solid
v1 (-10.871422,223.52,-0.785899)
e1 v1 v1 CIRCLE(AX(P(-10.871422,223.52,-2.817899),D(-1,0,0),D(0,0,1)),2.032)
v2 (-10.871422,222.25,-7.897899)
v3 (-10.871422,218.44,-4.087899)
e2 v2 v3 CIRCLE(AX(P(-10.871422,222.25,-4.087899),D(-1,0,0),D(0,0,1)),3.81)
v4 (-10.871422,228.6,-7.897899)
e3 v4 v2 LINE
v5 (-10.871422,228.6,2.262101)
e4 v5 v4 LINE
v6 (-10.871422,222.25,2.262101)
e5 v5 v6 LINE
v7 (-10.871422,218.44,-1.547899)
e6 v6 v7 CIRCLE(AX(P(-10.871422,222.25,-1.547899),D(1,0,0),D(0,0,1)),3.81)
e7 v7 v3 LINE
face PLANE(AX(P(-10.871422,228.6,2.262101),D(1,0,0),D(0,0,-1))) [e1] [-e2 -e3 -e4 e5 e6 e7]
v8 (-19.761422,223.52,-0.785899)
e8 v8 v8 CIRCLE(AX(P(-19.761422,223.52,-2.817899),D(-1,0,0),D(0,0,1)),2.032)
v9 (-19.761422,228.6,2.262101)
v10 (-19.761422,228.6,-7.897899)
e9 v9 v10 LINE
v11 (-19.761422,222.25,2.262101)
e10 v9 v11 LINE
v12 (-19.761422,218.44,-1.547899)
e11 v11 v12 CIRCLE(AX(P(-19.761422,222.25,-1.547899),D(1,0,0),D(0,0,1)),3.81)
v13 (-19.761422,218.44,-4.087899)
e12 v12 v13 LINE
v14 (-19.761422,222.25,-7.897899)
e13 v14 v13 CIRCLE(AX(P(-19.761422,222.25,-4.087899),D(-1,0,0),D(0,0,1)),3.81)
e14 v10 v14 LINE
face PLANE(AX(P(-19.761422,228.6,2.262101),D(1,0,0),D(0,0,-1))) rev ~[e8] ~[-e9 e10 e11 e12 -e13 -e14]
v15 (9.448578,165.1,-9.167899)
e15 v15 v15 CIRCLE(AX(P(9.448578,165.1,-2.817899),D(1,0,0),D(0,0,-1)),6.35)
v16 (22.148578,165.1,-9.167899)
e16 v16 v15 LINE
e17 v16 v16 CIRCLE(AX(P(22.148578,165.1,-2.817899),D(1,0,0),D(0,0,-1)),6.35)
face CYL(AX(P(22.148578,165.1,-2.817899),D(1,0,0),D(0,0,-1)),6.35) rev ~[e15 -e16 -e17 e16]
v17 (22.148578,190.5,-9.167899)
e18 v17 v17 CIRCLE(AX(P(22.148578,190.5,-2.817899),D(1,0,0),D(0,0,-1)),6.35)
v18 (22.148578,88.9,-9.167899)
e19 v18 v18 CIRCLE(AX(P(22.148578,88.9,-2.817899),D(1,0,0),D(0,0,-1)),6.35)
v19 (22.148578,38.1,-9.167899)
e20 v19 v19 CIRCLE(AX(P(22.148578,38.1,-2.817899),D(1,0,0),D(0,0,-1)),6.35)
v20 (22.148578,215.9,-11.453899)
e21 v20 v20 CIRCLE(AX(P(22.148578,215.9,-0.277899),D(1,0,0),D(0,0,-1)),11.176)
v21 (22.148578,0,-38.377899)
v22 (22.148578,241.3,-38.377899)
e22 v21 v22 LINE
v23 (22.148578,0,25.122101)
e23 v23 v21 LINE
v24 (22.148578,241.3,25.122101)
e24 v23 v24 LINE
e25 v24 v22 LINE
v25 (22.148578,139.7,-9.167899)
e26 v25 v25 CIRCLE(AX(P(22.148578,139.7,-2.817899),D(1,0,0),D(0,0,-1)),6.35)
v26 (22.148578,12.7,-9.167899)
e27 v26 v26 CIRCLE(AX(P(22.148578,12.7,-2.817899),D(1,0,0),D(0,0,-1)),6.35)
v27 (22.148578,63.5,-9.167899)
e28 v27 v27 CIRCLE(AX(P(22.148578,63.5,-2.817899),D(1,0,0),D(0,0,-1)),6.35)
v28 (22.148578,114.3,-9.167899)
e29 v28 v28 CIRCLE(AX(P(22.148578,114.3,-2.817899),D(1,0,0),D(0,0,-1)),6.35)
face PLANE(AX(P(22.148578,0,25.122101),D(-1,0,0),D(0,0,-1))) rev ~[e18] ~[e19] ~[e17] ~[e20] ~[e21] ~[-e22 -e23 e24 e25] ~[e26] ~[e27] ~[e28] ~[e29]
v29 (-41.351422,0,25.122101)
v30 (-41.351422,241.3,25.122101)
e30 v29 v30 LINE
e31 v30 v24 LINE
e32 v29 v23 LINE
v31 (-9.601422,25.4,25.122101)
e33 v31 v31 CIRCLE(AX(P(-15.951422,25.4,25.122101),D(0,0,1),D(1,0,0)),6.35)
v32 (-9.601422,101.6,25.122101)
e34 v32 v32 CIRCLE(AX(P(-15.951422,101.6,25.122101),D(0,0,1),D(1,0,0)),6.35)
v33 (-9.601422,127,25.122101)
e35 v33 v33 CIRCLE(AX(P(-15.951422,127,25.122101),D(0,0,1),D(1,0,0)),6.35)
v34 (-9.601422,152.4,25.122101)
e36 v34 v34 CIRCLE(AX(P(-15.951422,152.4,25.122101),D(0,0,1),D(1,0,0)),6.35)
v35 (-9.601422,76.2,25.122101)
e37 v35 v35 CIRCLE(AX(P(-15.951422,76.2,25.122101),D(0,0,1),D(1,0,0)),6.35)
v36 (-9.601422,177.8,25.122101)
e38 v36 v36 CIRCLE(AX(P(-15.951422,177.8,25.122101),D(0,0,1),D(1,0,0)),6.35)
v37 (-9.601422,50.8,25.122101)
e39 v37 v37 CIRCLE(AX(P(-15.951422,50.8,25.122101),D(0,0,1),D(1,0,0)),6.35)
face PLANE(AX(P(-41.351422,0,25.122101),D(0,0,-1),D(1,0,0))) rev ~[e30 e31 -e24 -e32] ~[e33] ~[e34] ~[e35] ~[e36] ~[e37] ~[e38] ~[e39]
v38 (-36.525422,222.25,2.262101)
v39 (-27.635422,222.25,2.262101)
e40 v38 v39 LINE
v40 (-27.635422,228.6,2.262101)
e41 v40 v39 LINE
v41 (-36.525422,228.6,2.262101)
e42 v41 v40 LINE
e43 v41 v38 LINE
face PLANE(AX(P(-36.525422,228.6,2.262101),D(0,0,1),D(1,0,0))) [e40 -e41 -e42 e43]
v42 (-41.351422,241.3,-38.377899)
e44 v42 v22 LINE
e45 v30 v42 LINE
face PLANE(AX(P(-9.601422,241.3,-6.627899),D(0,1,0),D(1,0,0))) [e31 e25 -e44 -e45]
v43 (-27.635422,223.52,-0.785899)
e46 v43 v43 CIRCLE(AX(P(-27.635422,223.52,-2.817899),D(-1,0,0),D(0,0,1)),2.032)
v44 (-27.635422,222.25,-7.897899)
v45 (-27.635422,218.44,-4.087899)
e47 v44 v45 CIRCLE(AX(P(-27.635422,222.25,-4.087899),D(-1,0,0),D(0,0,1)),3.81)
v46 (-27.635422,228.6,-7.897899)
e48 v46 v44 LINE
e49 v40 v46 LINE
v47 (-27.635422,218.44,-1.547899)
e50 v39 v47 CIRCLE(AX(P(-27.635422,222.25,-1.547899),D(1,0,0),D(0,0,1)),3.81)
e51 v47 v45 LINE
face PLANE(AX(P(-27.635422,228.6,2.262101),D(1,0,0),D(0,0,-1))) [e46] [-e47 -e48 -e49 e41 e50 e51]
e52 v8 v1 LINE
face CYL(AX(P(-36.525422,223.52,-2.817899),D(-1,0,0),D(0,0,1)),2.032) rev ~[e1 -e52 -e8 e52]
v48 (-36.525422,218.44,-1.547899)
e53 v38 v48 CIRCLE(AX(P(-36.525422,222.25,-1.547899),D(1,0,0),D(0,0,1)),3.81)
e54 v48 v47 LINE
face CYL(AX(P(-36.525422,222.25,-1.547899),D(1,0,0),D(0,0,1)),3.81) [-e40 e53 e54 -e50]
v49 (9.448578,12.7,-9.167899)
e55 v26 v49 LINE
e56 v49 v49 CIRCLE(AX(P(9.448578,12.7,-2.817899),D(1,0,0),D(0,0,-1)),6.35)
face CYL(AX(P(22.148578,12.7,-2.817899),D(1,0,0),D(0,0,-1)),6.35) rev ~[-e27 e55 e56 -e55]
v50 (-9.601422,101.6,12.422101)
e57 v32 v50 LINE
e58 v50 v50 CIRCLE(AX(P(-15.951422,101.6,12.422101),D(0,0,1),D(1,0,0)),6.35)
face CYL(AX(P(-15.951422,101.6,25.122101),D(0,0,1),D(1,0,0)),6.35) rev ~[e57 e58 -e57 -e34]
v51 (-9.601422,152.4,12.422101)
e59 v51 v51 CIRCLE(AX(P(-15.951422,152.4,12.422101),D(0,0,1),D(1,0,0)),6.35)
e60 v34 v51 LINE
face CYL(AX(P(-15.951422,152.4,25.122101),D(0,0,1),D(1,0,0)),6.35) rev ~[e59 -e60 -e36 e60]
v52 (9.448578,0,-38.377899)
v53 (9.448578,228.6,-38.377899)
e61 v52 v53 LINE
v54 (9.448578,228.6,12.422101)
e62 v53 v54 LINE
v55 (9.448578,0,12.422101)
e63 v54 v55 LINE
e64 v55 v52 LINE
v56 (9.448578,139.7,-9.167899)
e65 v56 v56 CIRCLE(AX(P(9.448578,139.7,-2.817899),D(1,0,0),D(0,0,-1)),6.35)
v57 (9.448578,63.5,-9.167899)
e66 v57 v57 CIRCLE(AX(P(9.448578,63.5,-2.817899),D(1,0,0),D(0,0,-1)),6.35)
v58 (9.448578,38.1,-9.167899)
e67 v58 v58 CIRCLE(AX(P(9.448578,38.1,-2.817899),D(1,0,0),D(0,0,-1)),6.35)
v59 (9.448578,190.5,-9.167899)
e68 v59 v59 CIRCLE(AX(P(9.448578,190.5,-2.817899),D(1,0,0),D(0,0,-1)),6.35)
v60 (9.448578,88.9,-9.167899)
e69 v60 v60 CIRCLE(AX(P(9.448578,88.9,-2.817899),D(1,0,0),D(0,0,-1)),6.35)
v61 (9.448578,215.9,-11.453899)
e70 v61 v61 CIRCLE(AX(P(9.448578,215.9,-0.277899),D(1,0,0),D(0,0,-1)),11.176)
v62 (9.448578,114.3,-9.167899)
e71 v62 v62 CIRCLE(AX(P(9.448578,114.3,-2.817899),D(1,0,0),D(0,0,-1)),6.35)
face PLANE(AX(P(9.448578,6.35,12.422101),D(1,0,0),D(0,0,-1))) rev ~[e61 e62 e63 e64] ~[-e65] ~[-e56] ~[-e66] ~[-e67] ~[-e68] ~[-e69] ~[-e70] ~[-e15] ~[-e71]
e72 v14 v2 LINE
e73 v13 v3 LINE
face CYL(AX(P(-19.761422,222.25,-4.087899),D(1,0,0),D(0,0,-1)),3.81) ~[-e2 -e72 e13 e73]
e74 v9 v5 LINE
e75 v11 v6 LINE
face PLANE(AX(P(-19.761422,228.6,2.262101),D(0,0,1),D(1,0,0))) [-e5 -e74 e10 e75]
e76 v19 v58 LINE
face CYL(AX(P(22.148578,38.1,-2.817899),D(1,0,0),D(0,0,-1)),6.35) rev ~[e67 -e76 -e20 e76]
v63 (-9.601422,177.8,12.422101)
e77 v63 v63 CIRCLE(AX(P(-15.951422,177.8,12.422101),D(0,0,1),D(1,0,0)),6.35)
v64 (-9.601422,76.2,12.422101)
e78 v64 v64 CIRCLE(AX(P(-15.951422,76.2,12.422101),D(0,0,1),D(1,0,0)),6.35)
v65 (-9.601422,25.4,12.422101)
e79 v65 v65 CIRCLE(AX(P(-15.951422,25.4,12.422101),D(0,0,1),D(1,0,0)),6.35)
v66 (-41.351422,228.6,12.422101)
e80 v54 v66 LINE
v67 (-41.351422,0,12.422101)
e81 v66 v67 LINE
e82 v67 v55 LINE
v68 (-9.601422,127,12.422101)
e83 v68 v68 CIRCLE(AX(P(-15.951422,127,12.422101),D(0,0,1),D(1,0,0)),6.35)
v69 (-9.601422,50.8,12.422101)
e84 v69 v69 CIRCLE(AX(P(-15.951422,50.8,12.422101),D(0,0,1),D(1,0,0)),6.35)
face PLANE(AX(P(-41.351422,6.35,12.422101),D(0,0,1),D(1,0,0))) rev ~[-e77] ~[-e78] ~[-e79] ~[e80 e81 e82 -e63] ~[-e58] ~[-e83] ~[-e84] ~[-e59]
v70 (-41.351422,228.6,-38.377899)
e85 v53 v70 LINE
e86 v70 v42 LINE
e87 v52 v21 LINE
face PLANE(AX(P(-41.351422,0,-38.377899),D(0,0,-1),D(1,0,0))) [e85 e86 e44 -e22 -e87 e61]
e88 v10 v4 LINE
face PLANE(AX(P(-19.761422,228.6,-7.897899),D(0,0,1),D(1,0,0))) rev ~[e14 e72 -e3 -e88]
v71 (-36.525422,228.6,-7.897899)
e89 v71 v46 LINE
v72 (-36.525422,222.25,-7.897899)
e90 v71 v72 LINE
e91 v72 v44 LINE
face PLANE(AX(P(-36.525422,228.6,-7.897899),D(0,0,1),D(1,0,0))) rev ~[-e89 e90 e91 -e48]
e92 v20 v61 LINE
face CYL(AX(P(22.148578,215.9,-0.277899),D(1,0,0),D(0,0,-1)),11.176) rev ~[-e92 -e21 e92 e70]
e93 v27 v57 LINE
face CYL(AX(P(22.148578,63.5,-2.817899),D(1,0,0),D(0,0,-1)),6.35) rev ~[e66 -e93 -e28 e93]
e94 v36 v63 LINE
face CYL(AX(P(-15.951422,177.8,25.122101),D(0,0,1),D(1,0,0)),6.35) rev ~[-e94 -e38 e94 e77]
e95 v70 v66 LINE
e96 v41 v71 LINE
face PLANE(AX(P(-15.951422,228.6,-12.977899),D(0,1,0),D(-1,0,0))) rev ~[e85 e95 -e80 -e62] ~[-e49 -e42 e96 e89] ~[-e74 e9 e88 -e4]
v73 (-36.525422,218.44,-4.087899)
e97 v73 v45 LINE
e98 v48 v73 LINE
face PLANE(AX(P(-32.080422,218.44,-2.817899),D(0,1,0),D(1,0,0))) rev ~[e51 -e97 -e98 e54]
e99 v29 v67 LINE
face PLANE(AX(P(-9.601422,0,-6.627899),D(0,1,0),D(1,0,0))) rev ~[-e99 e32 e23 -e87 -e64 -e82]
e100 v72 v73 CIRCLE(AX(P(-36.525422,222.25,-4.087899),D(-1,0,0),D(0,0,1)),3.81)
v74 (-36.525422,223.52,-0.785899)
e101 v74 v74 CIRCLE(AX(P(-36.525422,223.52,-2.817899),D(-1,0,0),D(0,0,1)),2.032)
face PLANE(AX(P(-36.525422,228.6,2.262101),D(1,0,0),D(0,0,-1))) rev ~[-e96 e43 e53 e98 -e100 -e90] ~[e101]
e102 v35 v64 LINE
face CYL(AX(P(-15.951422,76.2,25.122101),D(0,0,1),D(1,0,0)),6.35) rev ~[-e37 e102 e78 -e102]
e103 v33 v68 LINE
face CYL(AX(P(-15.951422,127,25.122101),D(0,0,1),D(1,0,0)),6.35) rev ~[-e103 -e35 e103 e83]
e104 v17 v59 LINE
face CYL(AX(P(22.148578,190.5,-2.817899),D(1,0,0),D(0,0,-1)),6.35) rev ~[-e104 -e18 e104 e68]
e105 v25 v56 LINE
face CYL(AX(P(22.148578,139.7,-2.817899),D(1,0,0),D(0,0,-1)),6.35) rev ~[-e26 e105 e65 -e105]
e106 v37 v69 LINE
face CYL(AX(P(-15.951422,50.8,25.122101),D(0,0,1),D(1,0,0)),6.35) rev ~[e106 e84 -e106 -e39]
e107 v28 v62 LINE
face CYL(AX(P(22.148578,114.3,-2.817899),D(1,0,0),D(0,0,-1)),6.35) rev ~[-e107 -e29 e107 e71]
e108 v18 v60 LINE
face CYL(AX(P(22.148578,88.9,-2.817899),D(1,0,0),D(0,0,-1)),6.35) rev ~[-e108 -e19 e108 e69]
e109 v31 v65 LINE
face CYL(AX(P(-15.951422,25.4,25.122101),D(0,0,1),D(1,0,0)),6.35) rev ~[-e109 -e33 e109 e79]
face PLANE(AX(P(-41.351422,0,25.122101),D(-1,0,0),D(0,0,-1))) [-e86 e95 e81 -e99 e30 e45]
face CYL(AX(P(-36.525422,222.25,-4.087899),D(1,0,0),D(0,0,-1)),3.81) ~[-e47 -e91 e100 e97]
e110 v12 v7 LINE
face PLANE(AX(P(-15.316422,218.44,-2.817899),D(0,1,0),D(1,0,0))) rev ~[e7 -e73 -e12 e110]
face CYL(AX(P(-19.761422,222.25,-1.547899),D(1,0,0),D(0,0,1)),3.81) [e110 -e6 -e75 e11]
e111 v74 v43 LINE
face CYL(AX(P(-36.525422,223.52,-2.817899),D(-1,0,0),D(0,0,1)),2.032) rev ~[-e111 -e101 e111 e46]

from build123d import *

# Parameters (mm, degrees)
SKETCH2_W           = 63.5
SKETCH2_H           = 63.5
BOSS_EXTRUDE1_DEPTH = 241.3
SKETCH4_W           = 50.8
SKETCH4_H           = 50.8
CUT_EXTRUDE1_DEPTH  = 95.25
SKETCH5_R           = 6.35
CUT_EXTRUDE2_DEPTH  = 64.5
SKETCH6_R           = 6.35
CUT_EXTRUDE3_DEPTH  = 12.7
CUT_EXTRUDE4_DEPTH  = 7.35
CUT_EXTRUDE6_START  = -31.75
CUT_EXTRUDE6_DEPTH  = 31.75
SKETCH37_W          = 8.89
SKETCH37_H          = 10.16
BOSS_EXTRUDE3_DEPTH = 10.16
SKETCH38_R          = 2.032
CUT_EXTRUDE8_DEPTH  = 58.674
FILLET4_R           = 3.81
SKETCH40_R          = 11.176
CUT_EXTRUDE10_DEPTH = 12.7


with BuildPart() as part:
    # Sketch2 → Boss-Extrude1 (new body)
    with BuildSketch(Plane(origin=(0, 0, 0), x_dir=(1, 0, 0), z_dir=(0, 1, 0))):
        with Locations((-9.601422319, 6.627899344)):
            Rectangle(SKETCH2_W, SKETCH2_H)
    extrude(amount=BOSS_EXTRUDE1_DEPTH)

    # Sketch4 → Cut-Extrude1 (cut, symmetric)
    with BuildSketch(Plane(origin=(0, 101.6, 0), x_dir=(1, 0, 0), z_dir=(0, 1, 0))):
        with Locations((-15.951422319, 12.977899344)):
            Rectangle(SKETCH4_W, SKETCH4_H)
    extrude(amount=CUT_EXTRUDE1_DEPTH, both=True, mode=Mode.SUBTRACT)

    # Sketch5 → Cut-Extrude2 (cut, through all)
    with BuildSketch(Plane.XY.offset(25.122100656)):
        with Locations((-15.951422319, 25.4)):
            Circle(SKETCH5_R)
        with Locations((-15.951422319, 50.8)):
            Circle(SKETCH5_R)
        with Locations((-15.951422319, 76.2)):
            Circle(SKETCH5_R)
        with Locations((-15.951422319, 101.6)):
            Circle(SKETCH5_R)
        with Locations((-15.951422319, 127)):
            Circle(SKETCH5_R)
        with Locations((-15.951422319, 152.4)):
            Circle(SKETCH5_R)
        with Locations((-15.951422319, 177.8)):
            Circle(SKETCH5_R)
    extrude(amount=-CUT_EXTRUDE2_DEPTH, mode=Mode.SUBTRACT)

    # Sketch6 → Cut-Extrude3 (cut)
    with BuildSketch(Plane(origin=(22.148577681, 0, 0), x_dir=(0, 0, -1), z_dir=(1, 0, 0))):
        with Locations((2.817899344, 12.7)):
            Circle(SKETCH6_R)
        with Locations((2.817899344, 38.1)):
            Circle(SKETCH6_R)
        with Locations((2.817899344, 63.5)):
            Circle(SKETCH6_R)
        with Locations((2.817899344, 88.9)):
            Circle(SKETCH6_R)
        with Locations((2.817899344, 114.3)):
            Circle(SKETCH6_R)
        with Locations((2.817899344, 139.7)):
            Circle(SKETCH6_R)
        with Locations((2.817899344, 165.1)):
            Circle(SKETCH6_R)
        with Locations((2.817899344, 190.5)):
            Circle(SKETCH6_R)
    extrude(amount=-CUT_EXTRUDE3_DEPTH, mode=Mode.SUBTRACT)

    # Sketch7 → Cut-Extrude4 (cut, through all)
    with BuildSketch(Plane(origin=(0, 6.35, 0), x_dir=(1, 0, 0), z_dir=(0, 1, 0))):
        Polygon((-41.351422319, 38.377899344), (9.448577681, 38.377899344), (9.448577681, 0.277899344), (9.448577681, -12.422100656), (-3.251422319, -12.422100656), (-41.351422319, -12.422100656), align=None)
    extrude(amount=-CUT_EXTRUDE4_DEPTH, mode=Mode.SUBTRACT)

    # Sketch34 → Cut-Extrude6 (cut)
    with BuildSketch(Plane.XZ.offset(-196.85).offset(CUT_EXTRUDE6_START)):
        Polygon((-3.251422319, 12.422100656), (9.448577681, 12.422100656), (9.448577681, -0.277899344), (9.448577681, -38.377899344), (-41.351422319, -38.377899344), (-41.351422319, 12.422100656), align=None)
    extrude(amount=CUT_EXTRUDE6_DEPTH, mode=Mode.SUBTRACT)

    # Sketch37 → Boss-Extrude3 (add)
    with BuildSketch(Plane(origin=(0, 228.6, 0), x_dir=(1, 0, 0), z_dir=(0, 1, 0))):
        with Locations((-32.080422319, 2.817899344)):
            Rectangle(SKETCH37_W, SKETCH37_H)
        with Locations((-15.316422319, 2.817899344)):
            Rectangle(SKETCH37_W, SKETCH37_H)
    extrude(amount=-BOSS_EXTRUDE3_DEPTH)

    # Sketch38 → Cut-Extrude8 (cut)
    with BuildSketch(Plane.ZY.offset(36.525422319)):
        with Locations((-2.817899344, 223.52)):
            Circle(SKETCH38_R)
    extrude(amount=-CUT_EXTRUDE8_DEPTH, mode=Mode.SUBTRACT)

    # Fillet4
    fillet4_edges = [part.edges().sort_by_distance(p)[0] for p in [
        (-32.080422319, 218.44, -7.897899344),
        (-32.080422319, 218.44, 2.262100656),
        (-15.316422319, 218.44, -7.897899344),
        (-15.316422319, 218.44, 2.262100656),
    ]]
    fillet(fillet4_edges, radius=FILLET4_R)

    # Sketch40 → Cut-Extrude10 (cut)
    with BuildSketch(Plane(origin=(22.148577681, 0, 0), x_dir=(0, 0, -1), z_dir=(1, 0, 0))):
        with Locations((0.277899344, 215.9)):
            Circle(SKETCH40_R)
    extrude(amount=-CUT_EXTRUDE10_DEPTH, mode=Mode.SUBTRACT)


solid = part.part
